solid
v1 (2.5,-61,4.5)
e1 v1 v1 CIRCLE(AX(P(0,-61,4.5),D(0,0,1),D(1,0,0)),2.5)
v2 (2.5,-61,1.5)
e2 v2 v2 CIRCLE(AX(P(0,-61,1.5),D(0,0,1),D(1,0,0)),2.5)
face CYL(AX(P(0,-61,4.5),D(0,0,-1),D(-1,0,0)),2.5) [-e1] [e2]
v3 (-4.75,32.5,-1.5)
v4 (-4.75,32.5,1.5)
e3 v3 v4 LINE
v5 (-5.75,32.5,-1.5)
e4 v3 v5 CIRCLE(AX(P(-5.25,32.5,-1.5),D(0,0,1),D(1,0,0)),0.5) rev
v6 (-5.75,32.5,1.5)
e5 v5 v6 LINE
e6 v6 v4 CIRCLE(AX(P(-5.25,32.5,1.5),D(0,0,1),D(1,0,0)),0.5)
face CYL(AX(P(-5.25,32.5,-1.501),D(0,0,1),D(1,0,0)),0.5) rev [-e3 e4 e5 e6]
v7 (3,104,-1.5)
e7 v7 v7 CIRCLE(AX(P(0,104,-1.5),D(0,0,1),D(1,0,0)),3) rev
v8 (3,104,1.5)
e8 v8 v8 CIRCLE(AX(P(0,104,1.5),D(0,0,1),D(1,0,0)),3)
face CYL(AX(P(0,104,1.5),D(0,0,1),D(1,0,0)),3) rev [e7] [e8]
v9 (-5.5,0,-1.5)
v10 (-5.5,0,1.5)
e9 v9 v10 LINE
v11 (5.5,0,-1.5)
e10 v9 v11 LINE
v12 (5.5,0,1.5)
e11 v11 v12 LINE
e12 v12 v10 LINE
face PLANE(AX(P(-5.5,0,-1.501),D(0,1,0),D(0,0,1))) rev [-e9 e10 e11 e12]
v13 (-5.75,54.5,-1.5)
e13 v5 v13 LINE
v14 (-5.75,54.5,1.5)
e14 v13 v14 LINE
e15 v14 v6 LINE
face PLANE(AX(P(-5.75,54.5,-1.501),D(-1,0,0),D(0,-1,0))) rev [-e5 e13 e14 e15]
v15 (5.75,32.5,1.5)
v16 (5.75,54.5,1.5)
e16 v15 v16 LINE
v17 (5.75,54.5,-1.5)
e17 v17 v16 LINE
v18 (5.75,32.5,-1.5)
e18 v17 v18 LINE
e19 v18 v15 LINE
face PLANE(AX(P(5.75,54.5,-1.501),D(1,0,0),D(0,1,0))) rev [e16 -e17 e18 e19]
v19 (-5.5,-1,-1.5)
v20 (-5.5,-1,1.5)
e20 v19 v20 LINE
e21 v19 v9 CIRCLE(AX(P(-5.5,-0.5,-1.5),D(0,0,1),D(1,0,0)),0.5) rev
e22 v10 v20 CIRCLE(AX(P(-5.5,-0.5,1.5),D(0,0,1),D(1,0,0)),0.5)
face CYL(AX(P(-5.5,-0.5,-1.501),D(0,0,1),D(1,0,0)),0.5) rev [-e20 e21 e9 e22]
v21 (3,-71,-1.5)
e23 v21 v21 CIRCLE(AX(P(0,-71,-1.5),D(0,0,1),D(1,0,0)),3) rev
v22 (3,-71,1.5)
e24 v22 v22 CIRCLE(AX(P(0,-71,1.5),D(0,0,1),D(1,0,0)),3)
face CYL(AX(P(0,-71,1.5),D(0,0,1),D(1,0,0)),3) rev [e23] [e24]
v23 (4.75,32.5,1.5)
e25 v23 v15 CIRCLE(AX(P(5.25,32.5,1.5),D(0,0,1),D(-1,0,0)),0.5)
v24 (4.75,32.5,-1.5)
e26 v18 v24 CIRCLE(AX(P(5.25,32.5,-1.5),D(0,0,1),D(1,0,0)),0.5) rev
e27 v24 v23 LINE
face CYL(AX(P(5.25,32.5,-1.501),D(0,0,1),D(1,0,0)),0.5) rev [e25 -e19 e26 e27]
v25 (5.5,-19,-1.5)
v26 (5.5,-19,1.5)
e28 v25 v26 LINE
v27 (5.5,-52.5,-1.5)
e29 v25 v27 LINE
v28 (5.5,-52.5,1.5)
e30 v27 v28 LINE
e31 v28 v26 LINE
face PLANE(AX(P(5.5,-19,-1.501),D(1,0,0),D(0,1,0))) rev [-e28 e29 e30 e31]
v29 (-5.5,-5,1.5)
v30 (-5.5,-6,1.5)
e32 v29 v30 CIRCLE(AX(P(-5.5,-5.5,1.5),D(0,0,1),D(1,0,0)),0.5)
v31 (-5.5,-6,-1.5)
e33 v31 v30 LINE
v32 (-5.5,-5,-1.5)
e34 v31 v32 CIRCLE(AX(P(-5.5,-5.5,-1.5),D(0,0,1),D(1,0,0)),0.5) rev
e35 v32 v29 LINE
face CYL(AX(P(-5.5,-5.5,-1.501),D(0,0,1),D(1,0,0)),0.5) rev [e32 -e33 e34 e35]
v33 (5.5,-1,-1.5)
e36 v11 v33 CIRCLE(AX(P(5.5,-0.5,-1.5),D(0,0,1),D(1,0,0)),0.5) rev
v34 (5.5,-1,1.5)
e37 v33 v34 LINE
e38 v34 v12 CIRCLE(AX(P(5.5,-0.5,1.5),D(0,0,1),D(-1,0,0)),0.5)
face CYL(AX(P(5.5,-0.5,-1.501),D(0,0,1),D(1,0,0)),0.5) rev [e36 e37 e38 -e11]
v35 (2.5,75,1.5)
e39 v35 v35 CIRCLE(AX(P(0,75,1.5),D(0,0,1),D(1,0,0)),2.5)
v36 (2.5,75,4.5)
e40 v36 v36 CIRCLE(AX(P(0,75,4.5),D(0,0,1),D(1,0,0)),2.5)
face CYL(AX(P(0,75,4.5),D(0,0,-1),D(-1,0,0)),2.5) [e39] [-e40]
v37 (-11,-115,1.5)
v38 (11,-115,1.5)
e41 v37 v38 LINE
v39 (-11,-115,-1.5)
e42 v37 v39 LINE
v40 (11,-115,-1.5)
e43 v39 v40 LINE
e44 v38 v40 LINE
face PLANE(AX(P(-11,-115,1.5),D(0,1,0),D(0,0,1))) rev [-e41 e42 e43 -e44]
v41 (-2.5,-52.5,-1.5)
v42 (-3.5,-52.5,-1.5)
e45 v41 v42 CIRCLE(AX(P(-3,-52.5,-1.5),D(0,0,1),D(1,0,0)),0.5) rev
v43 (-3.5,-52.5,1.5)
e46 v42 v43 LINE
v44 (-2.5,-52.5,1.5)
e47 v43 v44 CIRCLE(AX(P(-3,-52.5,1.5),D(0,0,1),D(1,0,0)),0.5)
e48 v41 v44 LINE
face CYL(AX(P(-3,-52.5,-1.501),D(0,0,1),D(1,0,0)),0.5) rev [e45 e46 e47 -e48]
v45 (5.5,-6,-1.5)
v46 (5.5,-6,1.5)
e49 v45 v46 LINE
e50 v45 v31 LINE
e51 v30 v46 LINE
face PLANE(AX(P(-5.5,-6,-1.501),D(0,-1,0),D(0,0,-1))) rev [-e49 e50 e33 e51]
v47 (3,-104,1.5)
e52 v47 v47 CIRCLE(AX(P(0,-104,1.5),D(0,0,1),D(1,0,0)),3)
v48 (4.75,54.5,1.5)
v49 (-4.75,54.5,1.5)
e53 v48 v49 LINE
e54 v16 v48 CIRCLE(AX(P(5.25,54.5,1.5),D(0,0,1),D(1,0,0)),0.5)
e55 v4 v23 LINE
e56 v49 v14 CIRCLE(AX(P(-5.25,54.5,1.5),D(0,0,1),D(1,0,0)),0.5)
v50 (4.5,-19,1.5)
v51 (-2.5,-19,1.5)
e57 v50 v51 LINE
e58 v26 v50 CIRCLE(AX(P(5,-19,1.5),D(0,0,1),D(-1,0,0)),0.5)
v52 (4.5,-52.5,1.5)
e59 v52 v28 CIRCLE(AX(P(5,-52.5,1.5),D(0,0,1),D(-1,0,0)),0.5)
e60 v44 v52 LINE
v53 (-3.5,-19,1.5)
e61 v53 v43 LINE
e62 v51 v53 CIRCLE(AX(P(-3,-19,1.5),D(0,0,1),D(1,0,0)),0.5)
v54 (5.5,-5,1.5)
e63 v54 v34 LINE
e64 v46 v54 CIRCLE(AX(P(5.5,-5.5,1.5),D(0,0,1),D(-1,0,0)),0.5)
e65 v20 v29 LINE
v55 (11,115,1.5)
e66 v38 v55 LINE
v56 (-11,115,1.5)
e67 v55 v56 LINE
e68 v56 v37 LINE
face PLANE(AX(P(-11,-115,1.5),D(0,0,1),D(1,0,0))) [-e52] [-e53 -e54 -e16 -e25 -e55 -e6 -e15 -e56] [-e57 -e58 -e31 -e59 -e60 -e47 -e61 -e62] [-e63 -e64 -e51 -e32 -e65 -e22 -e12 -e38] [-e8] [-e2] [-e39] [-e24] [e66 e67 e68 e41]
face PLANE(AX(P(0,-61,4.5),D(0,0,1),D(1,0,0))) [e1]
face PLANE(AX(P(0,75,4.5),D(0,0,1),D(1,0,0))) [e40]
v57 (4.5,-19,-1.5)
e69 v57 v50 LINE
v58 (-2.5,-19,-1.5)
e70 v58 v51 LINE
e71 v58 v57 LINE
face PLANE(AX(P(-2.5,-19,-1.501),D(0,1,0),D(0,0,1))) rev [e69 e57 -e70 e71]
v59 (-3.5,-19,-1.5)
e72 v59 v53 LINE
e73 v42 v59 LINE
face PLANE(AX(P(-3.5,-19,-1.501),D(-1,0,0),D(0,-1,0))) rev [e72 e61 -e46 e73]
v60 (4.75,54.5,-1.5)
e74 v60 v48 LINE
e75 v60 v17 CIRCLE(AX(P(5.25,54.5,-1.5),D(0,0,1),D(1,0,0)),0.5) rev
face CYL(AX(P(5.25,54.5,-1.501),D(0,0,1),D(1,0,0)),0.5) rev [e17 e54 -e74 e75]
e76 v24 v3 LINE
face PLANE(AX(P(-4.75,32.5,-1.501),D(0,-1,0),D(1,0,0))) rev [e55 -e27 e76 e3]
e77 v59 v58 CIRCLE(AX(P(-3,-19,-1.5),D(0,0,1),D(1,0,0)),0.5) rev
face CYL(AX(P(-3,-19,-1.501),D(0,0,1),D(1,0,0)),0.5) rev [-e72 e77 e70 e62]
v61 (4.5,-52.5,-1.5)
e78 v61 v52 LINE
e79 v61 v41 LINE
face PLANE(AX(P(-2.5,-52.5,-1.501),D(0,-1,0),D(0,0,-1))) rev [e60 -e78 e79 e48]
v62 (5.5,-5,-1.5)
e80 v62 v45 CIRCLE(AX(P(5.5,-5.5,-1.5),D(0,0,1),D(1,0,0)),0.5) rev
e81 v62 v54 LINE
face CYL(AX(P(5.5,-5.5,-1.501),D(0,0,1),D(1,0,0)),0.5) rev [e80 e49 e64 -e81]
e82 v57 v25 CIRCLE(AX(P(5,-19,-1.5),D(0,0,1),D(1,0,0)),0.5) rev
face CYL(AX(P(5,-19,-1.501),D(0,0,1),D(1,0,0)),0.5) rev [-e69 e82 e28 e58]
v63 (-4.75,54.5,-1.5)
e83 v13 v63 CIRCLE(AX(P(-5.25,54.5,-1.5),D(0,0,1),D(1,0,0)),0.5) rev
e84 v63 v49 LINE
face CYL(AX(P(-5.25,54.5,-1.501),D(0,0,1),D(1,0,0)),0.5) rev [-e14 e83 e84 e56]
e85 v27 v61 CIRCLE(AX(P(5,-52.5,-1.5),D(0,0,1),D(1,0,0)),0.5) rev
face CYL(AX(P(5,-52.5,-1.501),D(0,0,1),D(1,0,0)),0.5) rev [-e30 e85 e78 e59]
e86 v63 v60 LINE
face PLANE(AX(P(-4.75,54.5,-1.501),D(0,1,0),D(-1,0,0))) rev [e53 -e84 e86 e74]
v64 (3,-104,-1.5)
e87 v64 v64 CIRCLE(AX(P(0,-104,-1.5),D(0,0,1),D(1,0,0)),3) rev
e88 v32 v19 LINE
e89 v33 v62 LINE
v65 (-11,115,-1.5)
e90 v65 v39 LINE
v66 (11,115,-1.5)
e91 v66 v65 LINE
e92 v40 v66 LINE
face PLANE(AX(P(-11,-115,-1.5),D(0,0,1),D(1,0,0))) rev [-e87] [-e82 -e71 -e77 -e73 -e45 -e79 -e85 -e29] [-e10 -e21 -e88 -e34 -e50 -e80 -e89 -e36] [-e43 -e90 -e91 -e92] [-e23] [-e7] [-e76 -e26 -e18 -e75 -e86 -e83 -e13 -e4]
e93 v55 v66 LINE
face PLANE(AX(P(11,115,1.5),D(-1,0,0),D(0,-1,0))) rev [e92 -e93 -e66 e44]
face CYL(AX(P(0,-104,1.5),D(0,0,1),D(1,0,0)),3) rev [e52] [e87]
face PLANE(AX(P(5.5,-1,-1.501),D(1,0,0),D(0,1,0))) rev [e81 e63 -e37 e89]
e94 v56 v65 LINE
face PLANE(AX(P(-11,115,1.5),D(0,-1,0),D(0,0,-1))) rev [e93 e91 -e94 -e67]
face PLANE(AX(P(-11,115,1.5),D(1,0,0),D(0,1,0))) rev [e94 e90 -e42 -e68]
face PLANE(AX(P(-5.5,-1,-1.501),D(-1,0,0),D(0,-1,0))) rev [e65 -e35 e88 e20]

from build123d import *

# Parameters (mm, degrees)
ESQUISSE1_W                       = 22
ESQUISSE1_H                       = 230
EXTRUSION1_DEPTH                  = 1.5
DIAM_TRE_DU_PER_AGE_6_0_6_1_D     = 6
DIAM_TRE_DU_PER_AGE_6_0_6_1_DEPTH = 3
DIAM_TRE_DU_PER_AGE_6_0_6_1_TIP   = 1.802581857
ENL_V_MAT_EXTRU_1_REACH           = 5
ENL_V_MAT_EXTRU_2_REACH           = 5
ENL_V_MAT_EXTRU_3_REACH           = 5
ESQUISSE10_R                      = 2.5
EXTRUSION2_DEPTH                  = 3


with BuildPart() as part:
    # Esquisse1 → Extrusion1 (new body, symmetric)
    with BuildSketch(Plane.XY):
        Rectangle(ESQUISSE1_W, ESQUISSE1_H)
    extrude(amount=EXTRUSION1_DEPTH, both=True)

    # Diamètre du perçage Ø6.0 (6)1
    with Locations(Plane.XY.offset(1.5)):
        with Locations((0, 104), (0, -71), (0, -104)):
            Hole(DIAM_TRE_DU_PER_AGE_6_0_6_1_D / 2, depth=DIAM_TRE_DU_PER_AGE_6_0_6_1_DEPTH)
            with Locations((0, 0, -(DIAM_TRE_DU_PER_AGE_6_0_6_1_DEPTH + DIAM_TRE_DU_PER_AGE_6_0_6_1_TIP / 2))):  # 118° drill point
                Cone(0, DIAM_TRE_DU_PER_AGE_6_0_6_1_D / 2, DIAM_TRE_DU_PER_AGE_6_0_6_1_TIP, mode=Mode.SUBTRACT)

    # Esquisse7 → Enlèv. mat.-Extru.1 (cut, up to next)
    with BuildSketch(Plane.XY.offset(1.5), mode=Mode.PRIVATE) as enl_v_mat_extru_1_sk1:
        with BuildLine():
            Line((-4.75, 54.5), (4.75, 54.5))
            ThreePointArc((4.75, 54.5), (5.25, 55), (5.75, 54.5))
            Line((5.75, 54.5), (5.75, 32.5))
            ThreePointArc((5.75, 32.5), (5.25, 32), (4.75, 32.5))
            Line((4.75, 32.5), (-4.75, 32.5))
            ThreePointArc((-4.75, 32.5), (-5.25, 32), (-5.75, 32.5))
            Line((-5.75, 32.5), (-5.75, 54.5))
            ThreePointArc((-5.75, 54.5), (-5.25, 55), (-4.75, 54.5))
        make_face()
    enl_v_mat_extru_1_tool1 = extrude(enl_v_mat_extru_1_sk1.sketch, amount=-ENL_V_MAT_EXTRU_1_REACH, mode=Mode.PRIVATE) & part.part
    add(enl_v_mat_extru_1_tool1.solids().sort_by_distance((0, 43.5, 1.5))[0], mode=Mode.SUBTRACT)

    # Esquisse8 → Enlèv. mat.-Extru.2 (cut, up to next)
    with BuildSketch(Plane.XY.offset(1.5), mode=Mode.PRIVATE) as enl_v_mat_extru_2_sk1:
        with BuildLine():
            Line((-5.5, 0), (5.5, 0))
            ThreePointArc((5.5, 0), (6, -0.5), (5.5, -1))
            Line((5.5, -1), (5.5, -5))
            ThreePointArc((5.5, -5), (6, -5.5), (5.5, -6))
            Line((5.5, -6), (-5.5, -6))
            ThreePointArc((-5.5, -6), (-6, -5.5), (-5.5, -5))
            Line((-5.5, -5), (-5.5, -1))
            ThreePointArc((-5.5, -1), (-6, -0.5), (-5.5, 0))
        make_face()
    enl_v_mat_extru_2_tool1 = extrude(enl_v_mat_extru_2_sk1.sketch, amount=-ENL_V_MAT_EXTRU_2_REACH, mode=Mode.PRIVATE) & part.part
    add(enl_v_mat_extru_2_tool1.solids().sort_by_distance((0, -3, 1.5))[0], mode=Mode.SUBTRACT)

    # Esquisse9 → Enlèv. mat.-Extru.3 (cut, up to next)
    with BuildSketch(Plane.XY.offset(1.5), mode=Mode.PRIVATE) as enl_v_mat_extru_3_sk1:
        with BuildLine():
            Line((-2.5, -19), (4.5, -19))
            ThreePointArc((4.5, -19), (5, -18.5), (5.5, -19))
            Line((5.5, -19), (5.5, -52.5))
            ThreePointArc((5.5, -52.5), (5, -53), (4.5, -52.5))
            Line((4.5, -52.5), (-2.5, -52.5))
            ThreePointArc((-2.5, -52.5), (-3, -53), (-3.5, -52.5))
            Line((-3.5, -52.5), (-3.5, -19))
            ThreePointArc((-3.5, -19), (-3, -18.5), (-2.5, -19))
        make_face()
    enl_v_mat_extru_3_tool1 = extrude(enl_v_mat_extru_3_sk1.sketch, amount=-ENL_V_MAT_EXTRU_3_REACH, mode=Mode.PRIVATE) & part.part
    add(enl_v_mat_extru_3_tool1.solids().sort_by_distance((1, -35.75, 1.5))[0], mode=Mode.SUBTRACT)

    # Esquisse10 → Extrusion2 (add)
    with BuildSketch(Plane.XY.offset(1.5)):
        with Locations((0, 75)):
            Circle(ESQUISSE10_R)
        with Locations((0, -61)):
            Circle(ESQUISSE10_R)
    extrude(amount=EXTRUSION2_DEPTH)


solid = part.part
